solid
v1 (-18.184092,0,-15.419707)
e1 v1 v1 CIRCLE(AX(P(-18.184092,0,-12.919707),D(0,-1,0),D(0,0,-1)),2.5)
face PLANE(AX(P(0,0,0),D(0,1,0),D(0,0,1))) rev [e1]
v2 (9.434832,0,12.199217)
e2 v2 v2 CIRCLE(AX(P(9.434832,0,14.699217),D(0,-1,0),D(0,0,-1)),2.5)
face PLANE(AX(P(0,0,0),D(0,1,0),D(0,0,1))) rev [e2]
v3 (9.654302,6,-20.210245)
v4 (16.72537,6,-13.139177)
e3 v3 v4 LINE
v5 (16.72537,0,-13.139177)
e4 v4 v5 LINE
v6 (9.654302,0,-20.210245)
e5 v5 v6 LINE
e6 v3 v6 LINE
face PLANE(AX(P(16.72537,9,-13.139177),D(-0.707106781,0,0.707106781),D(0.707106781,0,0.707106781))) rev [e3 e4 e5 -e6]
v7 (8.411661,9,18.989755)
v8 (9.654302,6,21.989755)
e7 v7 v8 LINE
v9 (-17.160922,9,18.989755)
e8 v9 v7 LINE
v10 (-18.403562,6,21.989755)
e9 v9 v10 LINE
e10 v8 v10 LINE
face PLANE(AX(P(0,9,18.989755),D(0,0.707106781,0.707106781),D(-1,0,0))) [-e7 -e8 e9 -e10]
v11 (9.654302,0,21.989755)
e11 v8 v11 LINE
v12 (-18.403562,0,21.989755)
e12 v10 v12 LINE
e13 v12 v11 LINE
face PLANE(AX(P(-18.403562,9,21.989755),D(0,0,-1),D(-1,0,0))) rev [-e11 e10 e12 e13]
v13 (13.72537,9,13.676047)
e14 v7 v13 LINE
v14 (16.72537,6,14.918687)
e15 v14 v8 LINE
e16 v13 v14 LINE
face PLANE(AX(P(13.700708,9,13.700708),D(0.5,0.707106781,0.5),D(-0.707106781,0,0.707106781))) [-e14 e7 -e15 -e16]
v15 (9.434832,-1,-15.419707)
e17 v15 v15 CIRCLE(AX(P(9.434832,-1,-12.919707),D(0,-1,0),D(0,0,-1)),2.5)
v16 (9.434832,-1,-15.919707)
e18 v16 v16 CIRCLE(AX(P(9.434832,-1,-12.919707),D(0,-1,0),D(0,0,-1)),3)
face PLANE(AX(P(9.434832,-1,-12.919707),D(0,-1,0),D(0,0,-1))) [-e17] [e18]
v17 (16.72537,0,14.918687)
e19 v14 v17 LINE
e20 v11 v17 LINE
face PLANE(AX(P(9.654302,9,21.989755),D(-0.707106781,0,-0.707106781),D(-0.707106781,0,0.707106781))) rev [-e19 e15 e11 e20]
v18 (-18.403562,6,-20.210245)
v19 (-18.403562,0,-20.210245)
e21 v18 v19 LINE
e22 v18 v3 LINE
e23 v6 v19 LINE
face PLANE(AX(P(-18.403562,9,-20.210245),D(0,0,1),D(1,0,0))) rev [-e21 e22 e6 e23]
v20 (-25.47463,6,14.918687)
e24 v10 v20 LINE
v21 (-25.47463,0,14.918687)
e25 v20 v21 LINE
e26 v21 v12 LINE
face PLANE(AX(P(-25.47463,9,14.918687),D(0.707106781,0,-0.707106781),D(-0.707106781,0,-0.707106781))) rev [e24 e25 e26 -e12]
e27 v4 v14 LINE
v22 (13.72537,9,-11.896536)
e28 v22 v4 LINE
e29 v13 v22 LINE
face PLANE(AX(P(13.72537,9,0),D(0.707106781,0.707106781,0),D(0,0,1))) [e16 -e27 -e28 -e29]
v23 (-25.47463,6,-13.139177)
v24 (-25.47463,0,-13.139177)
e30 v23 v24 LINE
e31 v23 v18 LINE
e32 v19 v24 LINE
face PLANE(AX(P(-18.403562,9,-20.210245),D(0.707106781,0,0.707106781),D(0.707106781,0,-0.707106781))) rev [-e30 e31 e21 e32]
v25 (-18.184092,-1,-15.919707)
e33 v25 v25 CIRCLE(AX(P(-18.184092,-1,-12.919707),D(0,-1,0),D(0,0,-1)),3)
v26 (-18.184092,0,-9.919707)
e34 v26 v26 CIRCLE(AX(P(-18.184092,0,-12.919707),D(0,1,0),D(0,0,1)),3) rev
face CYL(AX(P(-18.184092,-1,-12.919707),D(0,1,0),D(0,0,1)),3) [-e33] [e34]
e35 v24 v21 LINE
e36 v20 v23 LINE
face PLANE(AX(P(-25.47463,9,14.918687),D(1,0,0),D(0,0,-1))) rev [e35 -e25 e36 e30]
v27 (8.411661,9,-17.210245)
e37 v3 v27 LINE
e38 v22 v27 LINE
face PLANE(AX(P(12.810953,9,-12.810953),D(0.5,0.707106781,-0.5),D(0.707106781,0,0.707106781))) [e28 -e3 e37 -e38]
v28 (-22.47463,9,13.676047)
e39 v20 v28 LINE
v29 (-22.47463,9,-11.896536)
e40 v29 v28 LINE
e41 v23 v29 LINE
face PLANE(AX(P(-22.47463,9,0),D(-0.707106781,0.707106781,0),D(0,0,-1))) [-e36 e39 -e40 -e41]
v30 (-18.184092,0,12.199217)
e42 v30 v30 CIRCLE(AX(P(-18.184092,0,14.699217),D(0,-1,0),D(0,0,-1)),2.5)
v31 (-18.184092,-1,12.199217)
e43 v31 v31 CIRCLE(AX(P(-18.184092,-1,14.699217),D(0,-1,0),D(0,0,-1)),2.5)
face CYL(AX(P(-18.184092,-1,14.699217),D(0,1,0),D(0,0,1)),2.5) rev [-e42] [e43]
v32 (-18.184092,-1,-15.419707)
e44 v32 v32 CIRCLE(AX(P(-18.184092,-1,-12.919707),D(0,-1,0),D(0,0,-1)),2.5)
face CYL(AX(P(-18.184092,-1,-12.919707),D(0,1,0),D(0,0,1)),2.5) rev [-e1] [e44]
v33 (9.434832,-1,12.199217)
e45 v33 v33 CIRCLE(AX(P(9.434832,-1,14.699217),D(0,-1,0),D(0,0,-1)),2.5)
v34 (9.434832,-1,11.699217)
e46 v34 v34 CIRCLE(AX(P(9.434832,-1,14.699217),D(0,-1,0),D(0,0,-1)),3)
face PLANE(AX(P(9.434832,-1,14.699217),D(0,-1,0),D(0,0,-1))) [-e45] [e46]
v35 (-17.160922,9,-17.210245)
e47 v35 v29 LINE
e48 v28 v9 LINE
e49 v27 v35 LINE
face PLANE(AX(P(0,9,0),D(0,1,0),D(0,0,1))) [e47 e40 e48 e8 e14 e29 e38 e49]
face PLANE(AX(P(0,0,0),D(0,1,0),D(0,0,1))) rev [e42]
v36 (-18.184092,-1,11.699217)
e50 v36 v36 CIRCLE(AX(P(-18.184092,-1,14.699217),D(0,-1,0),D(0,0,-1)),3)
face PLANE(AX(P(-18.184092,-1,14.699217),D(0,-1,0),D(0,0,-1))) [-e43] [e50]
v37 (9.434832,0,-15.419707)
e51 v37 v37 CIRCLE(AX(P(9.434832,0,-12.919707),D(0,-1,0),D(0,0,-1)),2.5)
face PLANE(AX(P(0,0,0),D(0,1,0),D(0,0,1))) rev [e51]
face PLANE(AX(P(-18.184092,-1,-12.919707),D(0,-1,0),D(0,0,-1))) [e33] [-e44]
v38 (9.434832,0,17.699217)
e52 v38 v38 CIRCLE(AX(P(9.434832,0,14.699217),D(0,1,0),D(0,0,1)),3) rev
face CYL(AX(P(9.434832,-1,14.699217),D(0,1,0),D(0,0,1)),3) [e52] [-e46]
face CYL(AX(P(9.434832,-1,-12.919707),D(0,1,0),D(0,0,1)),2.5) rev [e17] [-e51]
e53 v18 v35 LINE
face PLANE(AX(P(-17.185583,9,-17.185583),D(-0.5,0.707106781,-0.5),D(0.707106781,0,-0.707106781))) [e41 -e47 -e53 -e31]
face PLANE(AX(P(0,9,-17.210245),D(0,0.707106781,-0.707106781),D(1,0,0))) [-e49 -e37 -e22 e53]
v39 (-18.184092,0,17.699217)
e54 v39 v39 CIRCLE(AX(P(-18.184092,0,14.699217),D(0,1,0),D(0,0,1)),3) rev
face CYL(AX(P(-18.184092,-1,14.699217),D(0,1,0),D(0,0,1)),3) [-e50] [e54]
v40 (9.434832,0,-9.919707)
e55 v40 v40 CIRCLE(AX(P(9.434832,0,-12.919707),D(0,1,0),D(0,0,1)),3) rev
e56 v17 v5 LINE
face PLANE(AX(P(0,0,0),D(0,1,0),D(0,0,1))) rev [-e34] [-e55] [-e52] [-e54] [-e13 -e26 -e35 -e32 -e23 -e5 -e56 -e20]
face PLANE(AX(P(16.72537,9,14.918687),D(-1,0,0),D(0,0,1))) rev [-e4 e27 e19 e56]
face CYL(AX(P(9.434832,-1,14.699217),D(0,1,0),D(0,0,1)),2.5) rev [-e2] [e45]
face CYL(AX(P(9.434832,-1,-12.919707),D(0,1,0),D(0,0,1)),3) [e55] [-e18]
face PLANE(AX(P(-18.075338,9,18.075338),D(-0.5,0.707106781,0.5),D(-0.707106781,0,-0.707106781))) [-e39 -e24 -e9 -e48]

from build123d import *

# Parameters (mm, degrees)
EXTRUDE_1_DEPTH = 9
CHAMFER_1_SIZE  = 3
SKETCH_3_R      = 3
SKETCH_3_R_2    = 2.5
EXTRUDE_2_DEPTH = 1


with BuildPart() as part:
    # 草图1 → 凸台-拉伸1 (new body)
    with BuildSketch(Plane(origin=(0, 0, 0), x_dir=(1, 0, 0), z_dir=(0, 1, 0))):
        Polygon((-18.403562193, 20.210244745), (-25.474630004, 13.139176933), (-25.474630004, -14.918687443), (-18.403562193, -21.989755255), (9.654302184, -21.989755255), (16.725369996, -14.918687443), (16.725369996, 13.139176933), (9.654302184, 20.210244745), align=None)
    extrude(amount=EXTRUDE_1_DEPTH)

    # 倒角1
    chamfer_1_edges = [part.edges().sort_by_distance(p)[0] for p in [
        (-25.474630004, 9, 0.889755255),
        (-21.939096098, 9, 18.454221349),
        (-4.374630004, 9, 21.989755255),
        (13.18983609, 9, 18.454221349),
        (16.725369996, 9, 0.889755255),
        (13.18983609, 9, -16.674710839),
        (-4.374630004, 9, -20.210244745),
        (-21.939096098, 9, -16.674710839),
    ]]
    chamfer(chamfer_1_edges, length=CHAMFER_1_SIZE)

    # 草图3 → 凸台-拉伸2 (add)
    # profile 1 of 4: a face of its own
    with BuildSketch(Plane.XZ):
        with Locations(Location((9.434831814, 14.699217073, 0), (0, 0, 90))):
            Circle(SKETCH_3_R)
        with Locations(Location((9.434831814, 14.699217073, 0), (0, 0, 270))):
            Circle(SKETCH_3_R_2, mode=Mode.SUBTRACT)
    # profile 2 of 4: a face of its own
    with BuildSketch(Plane.XZ):
        with Locations(Location((9.434831814, -12.919706563, 0), (0, 0, 90))):
            Circle(SKETCH_3_R)
        with Locations(Location((9.434831814, -12.919706563, 0), (0, 0, 270))):
            Circle(SKETCH_3_R_2, mode=Mode.SUBTRACT)
    # profile 3 of 4: a face of its own
    with BuildSketch(Plane.XZ):
        with Locations(Location((-18.184091822, -12.919706563, 0), (0, 0, 90))):
            Circle(SKETCH_3_R)
        with Locations(Location((-18.184091822, -12.919706563, 0), (0, 0, 270))):
            Circle(SKETCH_3_R_2, mode=Mode.SUBTRACT)
    # profile 4 of 4: a face of its own
    with BuildSketch(Plane.XZ):
        with Locations(Location((-18.184091822, 14.699217073, 0), (0, 0, 90))):
            Circle(SKETCH_3_R)
        with Locations(Location((-18.184091822, 14.699217073, 0), (0, 0, 270))):
            Circle(SKETCH_3_R_2, mode=Mode.SUBTRACT)
    extrude(amount=EXTRUDE_2_DEPTH)


solid = part.part
